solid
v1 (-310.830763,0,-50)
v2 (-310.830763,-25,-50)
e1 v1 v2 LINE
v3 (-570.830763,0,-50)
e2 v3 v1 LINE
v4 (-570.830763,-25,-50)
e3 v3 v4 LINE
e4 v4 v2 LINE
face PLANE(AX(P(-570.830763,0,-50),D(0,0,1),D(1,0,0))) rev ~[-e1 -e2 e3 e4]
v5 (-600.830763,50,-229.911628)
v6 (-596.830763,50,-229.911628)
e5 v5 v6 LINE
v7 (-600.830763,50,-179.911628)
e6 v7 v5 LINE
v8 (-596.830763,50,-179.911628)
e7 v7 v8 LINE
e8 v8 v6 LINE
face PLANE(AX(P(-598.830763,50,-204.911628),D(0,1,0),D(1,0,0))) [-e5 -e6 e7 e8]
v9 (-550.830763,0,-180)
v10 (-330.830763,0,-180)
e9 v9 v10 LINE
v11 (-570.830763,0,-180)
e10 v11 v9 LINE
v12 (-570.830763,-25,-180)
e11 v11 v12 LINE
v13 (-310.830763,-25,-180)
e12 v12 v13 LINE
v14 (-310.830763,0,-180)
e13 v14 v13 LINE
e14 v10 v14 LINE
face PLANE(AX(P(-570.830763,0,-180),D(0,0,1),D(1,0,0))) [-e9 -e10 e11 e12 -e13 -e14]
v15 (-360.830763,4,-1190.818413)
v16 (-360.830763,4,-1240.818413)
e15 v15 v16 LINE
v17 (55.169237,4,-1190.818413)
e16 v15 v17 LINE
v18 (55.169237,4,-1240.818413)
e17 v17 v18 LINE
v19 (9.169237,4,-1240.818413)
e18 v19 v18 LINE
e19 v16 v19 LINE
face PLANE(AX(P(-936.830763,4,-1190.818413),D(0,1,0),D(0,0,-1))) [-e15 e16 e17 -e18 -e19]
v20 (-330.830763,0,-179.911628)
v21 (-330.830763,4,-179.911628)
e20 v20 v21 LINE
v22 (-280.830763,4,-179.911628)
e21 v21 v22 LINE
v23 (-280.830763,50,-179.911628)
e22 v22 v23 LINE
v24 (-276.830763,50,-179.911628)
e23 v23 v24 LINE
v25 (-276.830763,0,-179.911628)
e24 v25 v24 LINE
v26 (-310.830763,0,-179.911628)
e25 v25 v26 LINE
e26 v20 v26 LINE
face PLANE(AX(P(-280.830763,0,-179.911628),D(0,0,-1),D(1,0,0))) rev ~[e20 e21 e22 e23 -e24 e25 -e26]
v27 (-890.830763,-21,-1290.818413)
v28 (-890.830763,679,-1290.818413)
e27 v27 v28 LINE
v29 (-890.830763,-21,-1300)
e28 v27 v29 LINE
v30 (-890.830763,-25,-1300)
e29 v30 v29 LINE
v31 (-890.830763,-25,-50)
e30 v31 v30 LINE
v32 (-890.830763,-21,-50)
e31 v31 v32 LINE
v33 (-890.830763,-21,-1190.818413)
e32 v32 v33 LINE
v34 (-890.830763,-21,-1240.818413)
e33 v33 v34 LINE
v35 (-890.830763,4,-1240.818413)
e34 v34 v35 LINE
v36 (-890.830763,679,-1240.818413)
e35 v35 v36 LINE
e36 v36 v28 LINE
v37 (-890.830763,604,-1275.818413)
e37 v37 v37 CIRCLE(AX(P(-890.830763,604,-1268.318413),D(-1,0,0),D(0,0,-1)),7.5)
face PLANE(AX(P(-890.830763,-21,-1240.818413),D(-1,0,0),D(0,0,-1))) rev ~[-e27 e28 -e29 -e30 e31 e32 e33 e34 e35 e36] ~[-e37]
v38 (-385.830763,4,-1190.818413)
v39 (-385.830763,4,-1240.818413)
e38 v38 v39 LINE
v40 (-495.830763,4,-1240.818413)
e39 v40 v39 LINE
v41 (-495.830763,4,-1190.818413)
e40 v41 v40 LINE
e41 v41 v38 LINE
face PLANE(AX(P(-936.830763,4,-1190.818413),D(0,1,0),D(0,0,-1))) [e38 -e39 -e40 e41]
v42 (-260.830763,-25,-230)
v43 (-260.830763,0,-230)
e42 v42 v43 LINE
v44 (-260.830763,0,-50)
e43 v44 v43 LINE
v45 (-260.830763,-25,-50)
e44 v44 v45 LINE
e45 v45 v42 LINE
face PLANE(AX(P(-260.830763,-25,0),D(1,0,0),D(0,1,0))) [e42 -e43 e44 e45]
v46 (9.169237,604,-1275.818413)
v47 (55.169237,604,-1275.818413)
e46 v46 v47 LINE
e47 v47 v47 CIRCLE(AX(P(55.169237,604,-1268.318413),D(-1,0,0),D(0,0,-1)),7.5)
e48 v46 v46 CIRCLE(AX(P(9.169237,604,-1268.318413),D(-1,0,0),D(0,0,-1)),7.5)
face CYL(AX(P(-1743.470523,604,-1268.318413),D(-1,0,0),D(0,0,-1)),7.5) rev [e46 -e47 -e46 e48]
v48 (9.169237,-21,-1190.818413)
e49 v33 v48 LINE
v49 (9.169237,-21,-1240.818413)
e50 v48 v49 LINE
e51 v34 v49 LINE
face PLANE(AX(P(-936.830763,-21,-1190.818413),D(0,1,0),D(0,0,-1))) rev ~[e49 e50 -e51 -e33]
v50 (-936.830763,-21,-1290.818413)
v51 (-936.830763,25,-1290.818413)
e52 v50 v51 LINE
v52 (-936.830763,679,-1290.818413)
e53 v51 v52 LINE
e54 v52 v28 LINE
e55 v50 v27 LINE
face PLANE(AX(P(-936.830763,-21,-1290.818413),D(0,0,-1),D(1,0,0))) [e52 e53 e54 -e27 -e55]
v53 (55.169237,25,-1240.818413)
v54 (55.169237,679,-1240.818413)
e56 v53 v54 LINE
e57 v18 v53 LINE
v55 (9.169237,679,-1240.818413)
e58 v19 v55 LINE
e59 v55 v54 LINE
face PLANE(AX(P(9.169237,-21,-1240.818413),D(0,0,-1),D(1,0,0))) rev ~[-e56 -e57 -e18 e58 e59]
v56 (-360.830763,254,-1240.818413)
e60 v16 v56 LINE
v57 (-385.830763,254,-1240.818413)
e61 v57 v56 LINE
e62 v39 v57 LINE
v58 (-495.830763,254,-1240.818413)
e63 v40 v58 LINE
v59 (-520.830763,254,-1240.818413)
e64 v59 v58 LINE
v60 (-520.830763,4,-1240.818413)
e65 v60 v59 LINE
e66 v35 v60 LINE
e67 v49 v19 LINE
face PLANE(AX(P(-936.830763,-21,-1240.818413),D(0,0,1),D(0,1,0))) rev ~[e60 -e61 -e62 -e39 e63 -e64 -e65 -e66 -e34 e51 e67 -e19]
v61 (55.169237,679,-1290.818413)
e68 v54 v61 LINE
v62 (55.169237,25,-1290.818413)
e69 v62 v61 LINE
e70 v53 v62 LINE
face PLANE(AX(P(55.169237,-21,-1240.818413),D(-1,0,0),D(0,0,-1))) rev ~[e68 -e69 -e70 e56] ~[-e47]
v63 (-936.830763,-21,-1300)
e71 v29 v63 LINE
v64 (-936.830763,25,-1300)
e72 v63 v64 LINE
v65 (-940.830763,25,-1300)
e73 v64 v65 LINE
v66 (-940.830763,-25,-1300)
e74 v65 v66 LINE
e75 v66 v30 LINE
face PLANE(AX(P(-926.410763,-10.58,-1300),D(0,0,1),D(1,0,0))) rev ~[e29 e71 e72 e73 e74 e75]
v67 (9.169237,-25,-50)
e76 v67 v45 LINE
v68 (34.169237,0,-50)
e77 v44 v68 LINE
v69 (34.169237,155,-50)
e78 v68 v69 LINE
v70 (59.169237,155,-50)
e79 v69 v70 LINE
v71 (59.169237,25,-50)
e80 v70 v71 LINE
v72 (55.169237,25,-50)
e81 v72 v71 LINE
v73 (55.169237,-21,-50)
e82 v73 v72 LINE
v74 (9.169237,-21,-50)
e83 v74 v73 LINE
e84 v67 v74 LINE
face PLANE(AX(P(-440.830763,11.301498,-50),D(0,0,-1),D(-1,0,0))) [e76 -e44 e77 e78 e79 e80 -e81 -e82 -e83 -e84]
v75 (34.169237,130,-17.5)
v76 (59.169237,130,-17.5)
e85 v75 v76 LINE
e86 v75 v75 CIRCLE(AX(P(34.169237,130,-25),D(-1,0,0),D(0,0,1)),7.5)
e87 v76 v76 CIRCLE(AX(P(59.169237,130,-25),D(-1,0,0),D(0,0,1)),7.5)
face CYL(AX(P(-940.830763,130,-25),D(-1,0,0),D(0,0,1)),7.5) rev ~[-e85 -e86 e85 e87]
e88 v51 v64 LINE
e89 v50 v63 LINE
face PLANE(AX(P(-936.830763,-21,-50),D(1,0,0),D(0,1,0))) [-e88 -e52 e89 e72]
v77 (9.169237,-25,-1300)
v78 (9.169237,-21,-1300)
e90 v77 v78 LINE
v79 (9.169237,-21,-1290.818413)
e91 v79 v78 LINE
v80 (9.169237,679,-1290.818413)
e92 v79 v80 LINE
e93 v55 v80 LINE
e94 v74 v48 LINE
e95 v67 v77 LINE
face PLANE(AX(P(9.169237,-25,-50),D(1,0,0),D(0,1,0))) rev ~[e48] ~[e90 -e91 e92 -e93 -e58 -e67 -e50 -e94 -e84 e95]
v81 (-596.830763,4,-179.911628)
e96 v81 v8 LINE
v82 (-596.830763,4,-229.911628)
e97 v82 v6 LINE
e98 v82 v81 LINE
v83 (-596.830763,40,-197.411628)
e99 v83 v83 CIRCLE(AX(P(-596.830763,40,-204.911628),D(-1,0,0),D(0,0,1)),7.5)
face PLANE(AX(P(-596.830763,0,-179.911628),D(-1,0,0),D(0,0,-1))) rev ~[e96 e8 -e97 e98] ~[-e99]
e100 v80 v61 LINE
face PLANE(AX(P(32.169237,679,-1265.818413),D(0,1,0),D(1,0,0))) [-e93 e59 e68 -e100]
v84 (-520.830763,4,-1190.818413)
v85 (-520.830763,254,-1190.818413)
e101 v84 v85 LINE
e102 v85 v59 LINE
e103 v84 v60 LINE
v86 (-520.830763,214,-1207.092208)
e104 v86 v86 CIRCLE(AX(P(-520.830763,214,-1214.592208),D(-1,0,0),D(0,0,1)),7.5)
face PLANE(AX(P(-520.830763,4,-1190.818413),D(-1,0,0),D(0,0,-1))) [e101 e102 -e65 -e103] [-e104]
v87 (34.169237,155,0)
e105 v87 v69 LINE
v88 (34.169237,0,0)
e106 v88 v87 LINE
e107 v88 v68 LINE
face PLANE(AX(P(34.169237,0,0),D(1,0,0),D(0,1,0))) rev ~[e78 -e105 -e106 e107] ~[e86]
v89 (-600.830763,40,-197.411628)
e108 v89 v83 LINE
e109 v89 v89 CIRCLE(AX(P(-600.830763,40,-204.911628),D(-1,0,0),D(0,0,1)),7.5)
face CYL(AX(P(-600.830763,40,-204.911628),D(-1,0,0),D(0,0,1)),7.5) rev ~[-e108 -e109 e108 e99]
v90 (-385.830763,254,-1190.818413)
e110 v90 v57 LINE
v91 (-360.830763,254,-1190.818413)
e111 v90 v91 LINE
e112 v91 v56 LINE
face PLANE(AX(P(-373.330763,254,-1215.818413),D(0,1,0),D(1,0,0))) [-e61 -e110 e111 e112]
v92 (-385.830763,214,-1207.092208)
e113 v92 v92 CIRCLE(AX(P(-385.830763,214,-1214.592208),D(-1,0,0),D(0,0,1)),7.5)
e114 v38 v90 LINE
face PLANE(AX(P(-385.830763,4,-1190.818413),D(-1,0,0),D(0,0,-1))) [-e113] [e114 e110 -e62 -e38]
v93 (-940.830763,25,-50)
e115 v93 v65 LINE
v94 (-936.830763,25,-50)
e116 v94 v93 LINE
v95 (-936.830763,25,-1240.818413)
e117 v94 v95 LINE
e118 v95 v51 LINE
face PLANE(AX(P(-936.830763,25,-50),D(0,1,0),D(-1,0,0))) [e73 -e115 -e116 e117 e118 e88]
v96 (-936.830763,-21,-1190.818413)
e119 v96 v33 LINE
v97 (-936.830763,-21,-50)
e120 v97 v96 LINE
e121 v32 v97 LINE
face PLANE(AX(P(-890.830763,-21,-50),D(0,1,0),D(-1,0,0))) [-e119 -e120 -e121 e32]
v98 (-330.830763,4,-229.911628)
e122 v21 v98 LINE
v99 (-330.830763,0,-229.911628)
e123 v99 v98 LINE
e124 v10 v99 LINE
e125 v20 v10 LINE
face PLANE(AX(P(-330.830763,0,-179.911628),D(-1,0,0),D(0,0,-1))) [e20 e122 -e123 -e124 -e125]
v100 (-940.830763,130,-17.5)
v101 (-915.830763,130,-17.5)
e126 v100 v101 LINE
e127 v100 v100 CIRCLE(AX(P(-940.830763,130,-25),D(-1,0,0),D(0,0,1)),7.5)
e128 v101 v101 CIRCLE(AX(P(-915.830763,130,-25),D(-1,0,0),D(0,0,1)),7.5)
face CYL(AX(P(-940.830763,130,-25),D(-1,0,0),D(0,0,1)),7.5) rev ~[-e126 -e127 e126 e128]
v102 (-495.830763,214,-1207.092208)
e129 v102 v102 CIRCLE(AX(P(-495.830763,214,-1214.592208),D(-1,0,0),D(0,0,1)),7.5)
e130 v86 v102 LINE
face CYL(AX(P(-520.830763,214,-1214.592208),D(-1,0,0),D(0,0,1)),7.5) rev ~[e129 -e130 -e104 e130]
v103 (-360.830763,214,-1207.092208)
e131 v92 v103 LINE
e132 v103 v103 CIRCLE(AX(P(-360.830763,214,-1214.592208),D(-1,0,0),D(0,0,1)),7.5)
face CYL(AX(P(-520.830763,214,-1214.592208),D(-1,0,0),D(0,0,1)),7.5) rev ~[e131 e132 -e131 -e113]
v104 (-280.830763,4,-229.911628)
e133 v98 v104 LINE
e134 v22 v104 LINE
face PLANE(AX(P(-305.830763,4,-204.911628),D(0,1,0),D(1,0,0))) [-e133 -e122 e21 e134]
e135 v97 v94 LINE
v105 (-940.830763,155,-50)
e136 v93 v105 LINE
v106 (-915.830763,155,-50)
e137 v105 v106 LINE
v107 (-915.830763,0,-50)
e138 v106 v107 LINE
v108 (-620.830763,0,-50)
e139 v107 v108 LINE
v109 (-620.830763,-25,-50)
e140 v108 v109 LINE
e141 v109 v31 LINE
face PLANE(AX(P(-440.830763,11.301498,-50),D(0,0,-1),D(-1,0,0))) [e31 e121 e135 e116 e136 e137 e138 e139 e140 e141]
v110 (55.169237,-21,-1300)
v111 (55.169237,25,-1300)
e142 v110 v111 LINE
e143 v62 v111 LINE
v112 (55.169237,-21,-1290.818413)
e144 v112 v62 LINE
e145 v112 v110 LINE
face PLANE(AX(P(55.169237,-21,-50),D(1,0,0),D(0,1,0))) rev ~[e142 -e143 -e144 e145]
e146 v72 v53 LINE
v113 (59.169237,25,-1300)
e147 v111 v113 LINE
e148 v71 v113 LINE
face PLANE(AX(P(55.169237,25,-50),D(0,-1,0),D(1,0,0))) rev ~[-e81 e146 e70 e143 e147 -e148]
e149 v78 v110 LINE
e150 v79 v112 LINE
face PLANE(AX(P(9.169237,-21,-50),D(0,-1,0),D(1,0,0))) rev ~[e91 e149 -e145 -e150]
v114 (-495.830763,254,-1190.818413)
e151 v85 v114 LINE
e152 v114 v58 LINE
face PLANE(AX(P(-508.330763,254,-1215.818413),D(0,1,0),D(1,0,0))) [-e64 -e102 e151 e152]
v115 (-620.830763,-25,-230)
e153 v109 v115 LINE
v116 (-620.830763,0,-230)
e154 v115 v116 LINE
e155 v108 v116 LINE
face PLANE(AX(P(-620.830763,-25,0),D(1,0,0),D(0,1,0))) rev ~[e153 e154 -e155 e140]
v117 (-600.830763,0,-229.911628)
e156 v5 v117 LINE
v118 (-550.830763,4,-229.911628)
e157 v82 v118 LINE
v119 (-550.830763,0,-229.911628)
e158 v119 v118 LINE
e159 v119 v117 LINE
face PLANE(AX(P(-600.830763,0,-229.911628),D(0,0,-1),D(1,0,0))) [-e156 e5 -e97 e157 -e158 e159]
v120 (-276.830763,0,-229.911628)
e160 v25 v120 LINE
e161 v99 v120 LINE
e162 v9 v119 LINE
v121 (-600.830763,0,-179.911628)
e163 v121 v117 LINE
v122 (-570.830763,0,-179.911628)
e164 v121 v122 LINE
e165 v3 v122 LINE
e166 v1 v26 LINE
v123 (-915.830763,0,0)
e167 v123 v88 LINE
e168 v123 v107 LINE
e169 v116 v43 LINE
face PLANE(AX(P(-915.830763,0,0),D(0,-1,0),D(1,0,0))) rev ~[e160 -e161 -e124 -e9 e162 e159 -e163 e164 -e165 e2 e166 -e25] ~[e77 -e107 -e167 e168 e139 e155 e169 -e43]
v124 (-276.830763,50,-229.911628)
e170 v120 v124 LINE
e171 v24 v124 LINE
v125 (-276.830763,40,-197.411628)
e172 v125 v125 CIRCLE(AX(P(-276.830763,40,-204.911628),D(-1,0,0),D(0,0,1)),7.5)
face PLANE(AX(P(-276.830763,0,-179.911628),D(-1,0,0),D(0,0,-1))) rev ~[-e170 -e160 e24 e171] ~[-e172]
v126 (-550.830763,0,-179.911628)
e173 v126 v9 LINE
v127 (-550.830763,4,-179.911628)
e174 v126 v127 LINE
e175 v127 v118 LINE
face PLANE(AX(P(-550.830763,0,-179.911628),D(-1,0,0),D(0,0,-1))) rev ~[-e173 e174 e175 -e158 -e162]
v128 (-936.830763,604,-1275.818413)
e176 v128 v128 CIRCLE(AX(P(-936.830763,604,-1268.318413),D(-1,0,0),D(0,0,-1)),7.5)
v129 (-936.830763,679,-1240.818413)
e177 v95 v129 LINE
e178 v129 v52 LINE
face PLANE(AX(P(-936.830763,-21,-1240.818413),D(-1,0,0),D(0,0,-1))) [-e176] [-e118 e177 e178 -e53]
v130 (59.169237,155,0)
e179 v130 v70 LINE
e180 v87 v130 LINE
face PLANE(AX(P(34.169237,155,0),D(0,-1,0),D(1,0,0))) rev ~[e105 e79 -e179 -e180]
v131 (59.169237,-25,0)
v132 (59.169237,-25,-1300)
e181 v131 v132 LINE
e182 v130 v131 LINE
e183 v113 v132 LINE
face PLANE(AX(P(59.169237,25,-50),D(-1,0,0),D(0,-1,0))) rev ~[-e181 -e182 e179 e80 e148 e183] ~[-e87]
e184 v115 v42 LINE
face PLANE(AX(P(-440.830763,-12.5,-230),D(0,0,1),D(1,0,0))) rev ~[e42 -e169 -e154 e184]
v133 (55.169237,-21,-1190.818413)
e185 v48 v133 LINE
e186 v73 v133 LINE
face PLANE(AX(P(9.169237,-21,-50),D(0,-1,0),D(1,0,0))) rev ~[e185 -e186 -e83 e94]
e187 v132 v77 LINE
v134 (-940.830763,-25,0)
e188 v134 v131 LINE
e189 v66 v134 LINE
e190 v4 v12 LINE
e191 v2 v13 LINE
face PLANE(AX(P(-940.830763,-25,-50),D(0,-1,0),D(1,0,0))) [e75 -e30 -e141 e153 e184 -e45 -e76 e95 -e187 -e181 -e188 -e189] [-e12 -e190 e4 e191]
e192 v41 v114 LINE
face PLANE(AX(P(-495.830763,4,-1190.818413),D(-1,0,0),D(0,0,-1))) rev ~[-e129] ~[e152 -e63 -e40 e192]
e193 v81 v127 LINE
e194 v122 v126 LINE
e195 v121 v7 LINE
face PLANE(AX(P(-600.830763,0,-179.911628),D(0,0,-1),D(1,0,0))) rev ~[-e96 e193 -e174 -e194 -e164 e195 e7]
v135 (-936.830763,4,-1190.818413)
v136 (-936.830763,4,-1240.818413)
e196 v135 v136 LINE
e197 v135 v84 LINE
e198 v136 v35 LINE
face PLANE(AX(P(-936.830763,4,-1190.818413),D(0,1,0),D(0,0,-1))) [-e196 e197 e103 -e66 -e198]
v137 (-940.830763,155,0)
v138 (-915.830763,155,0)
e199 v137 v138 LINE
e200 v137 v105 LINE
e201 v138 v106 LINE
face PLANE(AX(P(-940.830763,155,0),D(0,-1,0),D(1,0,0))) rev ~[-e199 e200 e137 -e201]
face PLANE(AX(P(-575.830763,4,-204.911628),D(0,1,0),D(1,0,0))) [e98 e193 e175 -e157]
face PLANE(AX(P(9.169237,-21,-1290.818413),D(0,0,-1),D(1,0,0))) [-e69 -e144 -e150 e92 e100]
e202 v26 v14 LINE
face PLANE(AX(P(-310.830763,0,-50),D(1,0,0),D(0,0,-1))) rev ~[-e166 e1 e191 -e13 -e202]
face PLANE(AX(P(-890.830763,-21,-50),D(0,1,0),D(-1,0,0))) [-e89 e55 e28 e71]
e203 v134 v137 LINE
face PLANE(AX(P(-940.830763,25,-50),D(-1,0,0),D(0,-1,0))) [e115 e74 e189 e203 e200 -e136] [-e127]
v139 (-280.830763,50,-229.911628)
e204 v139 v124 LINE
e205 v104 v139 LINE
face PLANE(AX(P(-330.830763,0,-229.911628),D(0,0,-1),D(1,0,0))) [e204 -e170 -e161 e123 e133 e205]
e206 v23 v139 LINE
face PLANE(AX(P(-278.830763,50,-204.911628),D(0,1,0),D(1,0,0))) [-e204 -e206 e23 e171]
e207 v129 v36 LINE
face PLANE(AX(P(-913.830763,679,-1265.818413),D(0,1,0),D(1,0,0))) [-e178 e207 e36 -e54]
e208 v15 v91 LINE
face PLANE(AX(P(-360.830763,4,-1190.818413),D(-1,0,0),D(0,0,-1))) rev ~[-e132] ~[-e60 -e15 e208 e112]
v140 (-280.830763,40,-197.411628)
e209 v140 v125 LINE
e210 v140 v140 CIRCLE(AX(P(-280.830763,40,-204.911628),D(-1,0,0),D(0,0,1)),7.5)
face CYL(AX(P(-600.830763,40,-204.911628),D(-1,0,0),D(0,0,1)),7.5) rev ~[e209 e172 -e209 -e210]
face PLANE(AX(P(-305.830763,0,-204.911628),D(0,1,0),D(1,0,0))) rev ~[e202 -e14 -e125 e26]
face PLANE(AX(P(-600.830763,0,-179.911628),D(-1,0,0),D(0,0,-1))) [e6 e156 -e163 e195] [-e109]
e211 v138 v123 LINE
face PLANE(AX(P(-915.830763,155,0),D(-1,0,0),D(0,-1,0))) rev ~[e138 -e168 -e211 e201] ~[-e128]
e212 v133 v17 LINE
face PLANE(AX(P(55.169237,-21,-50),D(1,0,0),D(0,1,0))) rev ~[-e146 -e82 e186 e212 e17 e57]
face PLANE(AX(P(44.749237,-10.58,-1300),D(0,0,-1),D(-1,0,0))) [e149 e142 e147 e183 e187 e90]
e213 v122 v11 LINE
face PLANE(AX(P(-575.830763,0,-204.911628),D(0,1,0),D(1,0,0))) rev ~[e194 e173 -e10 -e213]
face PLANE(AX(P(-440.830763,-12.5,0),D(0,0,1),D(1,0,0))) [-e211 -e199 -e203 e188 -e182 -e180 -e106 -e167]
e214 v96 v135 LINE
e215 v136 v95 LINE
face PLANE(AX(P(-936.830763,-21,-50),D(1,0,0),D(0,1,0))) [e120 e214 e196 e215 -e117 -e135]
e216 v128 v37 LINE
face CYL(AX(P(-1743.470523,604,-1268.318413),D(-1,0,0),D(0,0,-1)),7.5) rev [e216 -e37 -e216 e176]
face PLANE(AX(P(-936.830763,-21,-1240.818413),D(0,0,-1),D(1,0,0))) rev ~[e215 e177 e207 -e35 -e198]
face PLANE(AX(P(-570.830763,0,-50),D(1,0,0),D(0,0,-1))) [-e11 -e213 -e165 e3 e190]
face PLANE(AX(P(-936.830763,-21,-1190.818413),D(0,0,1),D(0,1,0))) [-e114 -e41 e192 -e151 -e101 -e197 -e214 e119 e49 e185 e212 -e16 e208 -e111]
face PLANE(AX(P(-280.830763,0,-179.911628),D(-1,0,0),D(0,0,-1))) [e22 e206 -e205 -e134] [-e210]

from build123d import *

# Parameters (mm, degrees)
BOSS_EXTRUDE1_DEPTH     = 50
SKETCH2_W               = 360
SKETCH2_H               = 25
BOSS_EXTRUDE3_DEPTH     = 230
SKETCH3_W               = 260
SKETCH3_H               = 130
CUT_EXTRUDE1_DEPTH      = 230
BOSS_EXTRUDE4_DEPTH     = 1250
BOSS_EXTRUDE5_DEPTH     = 1250
SKETCH7_W               = 46
SKETCH7_H               = 50
BOSS_EXTRUDE6_DEPTH     = 700
SKETCH10_W              = 50
SKETCH10_H              = 25
BOSS_EXTRUDE7_DEPTH     = 992
SKETCH11_R              = 7.5
CUT_EXTRUDE2_DEPTH      = 1012
SKETCH12_W              = 50
SKETCH12_H              = 50
BOSS_EXTRUDE8_DEPTH     = 4
SKETCH13_W              = 4
SKETCH13_H              = 50
BOSS_EXTRUDE9_DEPTH     = 50
SKETCH15_R              = 7.5
CUT_EXTRUDE3_DEPTH      = 380
CUT_EXTRUDE5_DEPTH      = 1743.470523401
CUT_EXTRUDE5_DEPTH_BACK = 1743.470523401
SKETCH16_R              = 7.5
SKETCH17_W              = 25
SKETCH17_H              = 50
BOSS_EXTRUDE10_DEPTH    = 250
SKETCH18_R              = 7.5
CUT_EXTRUDE6_DEPTH      = 250


with BuildPart() as part:
    # Sketch1 → Boss-Extrude1 (new body)
    with BuildSketch(Plane.XY):
        Polygon((-915.830763168, 0), (34.169236832, 0), (34.169236832, 155), (59.169236832, 155), (59.169236832, -25), (-940.830763168, -25), (-940.830763168, 155), (-915.830763168, 155), align=None)
    extrude(amount=-BOSS_EXTRUDE1_DEPTH)

    # Sketch2 → Boss-Extrude3 (add)
    with BuildSketch(Plane.XY):
        with Locations((-440.830763168, -12.5)):
            Rectangle(SKETCH2_W, SKETCH2_H)
    extrude(amount=-BOSS_EXTRUDE3_DEPTH)

    # Sketch3 → Cut-Extrude1 (cut)
    with BuildSketch(Plane(origin=(0, 0, 0), x_dir=(1, 0, 0), z_dir=(0, 1, 0))):
        with Locations((-440.830763168, 115)):
            Rectangle(SKETCH3_W, SKETCH3_H)
    extrude(amount=-CUT_EXTRUDE1_DEPTH, mode=Mode.SUBTRACT)

    # Sketch4 → Boss-Extrude4 (add)
    with BuildSketch(Plane(origin=(0, 0, -50), x_dir=(-1, 0, 0), z_dir=(0, 0, -1))):
        Polygon((-59.169236832, 25), (-59.169236832, -25), (-9.169236832, -25), (-9.169236832, -21), (-55.169236832, -21), (-55.169236832, 25), align=None)
    extrude(amount=BOSS_EXTRUDE4_DEPTH)

    # Sketch6 → Boss-Extrude5 (add)
    with BuildSketch(Plane(origin=(0, 0, -50), x_dir=(-1, 0, 0), z_dir=(0, 0, -1))):
        Polygon((940.830763168, 25), (940.830763168, -25), (890.830763168, -25), (890.830763168, -21), (936.830763168, -21), (936.830763168, 25), align=None)
    extrude(amount=BOSS_EXTRUDE5_DEPTH)

    # Sketch7 → Boss-Extrude6 (add)
    with BuildSketch(Plane(origin=(0, -21, 0), x_dir=(1, 0, 0), z_dir=(0, 1, 0))):
        with Locations((-913.830763168, 1265.818413322)):
            Rectangle(SKETCH7_W, SKETCH7_H)
        with Locations((32.169236832, 1265.818413322)):
            Rectangle(SKETCH7_W, SKETCH7_H)
    extrude(amount=BOSS_EXTRUDE6_DEPTH)

    # Sketch10 → Boss-Extrude7 (add)
    with BuildSketch(Plane(origin=(-936.830763168, 0, 0), x_dir=(0, 0, -1), z_dir=(1, 0, 0))):
        with Locations((1215.818413322, -8.5)):
            Rectangle(SKETCH10_W, SKETCH10_H)
    extrude(amount=BOSS_EXTRUDE7_DEPTH)

    # Sketch11 → Cut-Extrude2 (cut)
    with BuildSketch(Plane.ZY.offset(940.830763168)):
        with Locations((-25, 130)):
            Circle(SKETCH11_R)
    extrude(amount=-CUT_EXTRUDE2_DEPTH, mode=Mode.SUBTRACT)

    # Sketch12 → Boss-Extrude8 (add)
    with BuildSketch(Plane(origin=(0, 0, 0), x_dir=(1, 0, 0), z_dir=(0, 1, 0))):
        with Locations((-575.830763168, 204.911627509)):
            Rectangle(SKETCH12_W, SKETCH12_H)
        with Locations((-305.830763168, 204.911627509)):
            Rectangle(SKETCH12_W, SKETCH12_H)
    extrude(amount=BOSS_EXTRUDE8_DEPTH)

    # Sketch13 → Boss-Extrude9 (add)
    with BuildSketch(Plane(origin=(0, 0, 0), x_dir=(1, 0, 0), z_dir=(0, 1, 0))):
        with Locations((-598.830763168, 204.911627509)):
            Rectangle(SKETCH13_W, SKETCH13_H)
        with Locations((-278.830763168, 204.911627509)):
            Rectangle(SKETCH13_W, SKETCH13_H)
    extrude(amount=BOSS_EXTRUDE9_DEPTH)

    # Sketch15 → Cut-Extrude3 (cut)
    with BuildSketch(Plane.ZY.offset(600.830763168)):
        with Locations((-204.911627509, 40)):
            Circle(SKETCH15_R)
    extrude(amount=-CUT_EXTRUDE3_DEPTH, mode=Mode.SUBTRACT)

    # Sketch16 → Cut-Extrude5 (cut, two sides: drawn at the far end of the back side and taken through both)
    with BuildSketch(Plane(origin=(0, 0, 0), x_dir=(0, 0, -1), z_dir=(1, 0, 0)).offset(-CUT_EXTRUDE5_DEPTH_BACK)):
        with Locations((1268.318413322, 604)):
            Circle(SKETCH16_R)
    extrude(amount=CUT_EXTRUDE5_DEPTH + CUT_EXTRUDE5_DEPTH_BACK, mode=Mode.SUBTRACT)

    # Sketch17 → Boss-Extrude10 (add)
    with BuildSketch(Plane(origin=(0, 4, 0), x_dir=(1, 0, 0), z_dir=(0, 1, 0))):
        with Locations((-508.330763168, 1215.818413322)):
            Rectangle(SKETCH17_W, SKETCH17_H)
        with Locations((-373.330763168, 1215.818413322)):
            Rectangle(SKETCH17_W, SKETCH17_H)
    extrude(amount=BOSS_EXTRUDE10_DEPTH)

    # Sketch18 → Cut-Extrude6 (cut)
    with BuildSketch(Plane.ZY.offset(520.830763168)):
        with Locations((-1214.592207536, 214)):
            Circle(SKETCH18_R)
    extrude(amount=-CUT_EXTRUDE6_DEPTH, mode=Mode.SUBTRACT)


solid = part.part
